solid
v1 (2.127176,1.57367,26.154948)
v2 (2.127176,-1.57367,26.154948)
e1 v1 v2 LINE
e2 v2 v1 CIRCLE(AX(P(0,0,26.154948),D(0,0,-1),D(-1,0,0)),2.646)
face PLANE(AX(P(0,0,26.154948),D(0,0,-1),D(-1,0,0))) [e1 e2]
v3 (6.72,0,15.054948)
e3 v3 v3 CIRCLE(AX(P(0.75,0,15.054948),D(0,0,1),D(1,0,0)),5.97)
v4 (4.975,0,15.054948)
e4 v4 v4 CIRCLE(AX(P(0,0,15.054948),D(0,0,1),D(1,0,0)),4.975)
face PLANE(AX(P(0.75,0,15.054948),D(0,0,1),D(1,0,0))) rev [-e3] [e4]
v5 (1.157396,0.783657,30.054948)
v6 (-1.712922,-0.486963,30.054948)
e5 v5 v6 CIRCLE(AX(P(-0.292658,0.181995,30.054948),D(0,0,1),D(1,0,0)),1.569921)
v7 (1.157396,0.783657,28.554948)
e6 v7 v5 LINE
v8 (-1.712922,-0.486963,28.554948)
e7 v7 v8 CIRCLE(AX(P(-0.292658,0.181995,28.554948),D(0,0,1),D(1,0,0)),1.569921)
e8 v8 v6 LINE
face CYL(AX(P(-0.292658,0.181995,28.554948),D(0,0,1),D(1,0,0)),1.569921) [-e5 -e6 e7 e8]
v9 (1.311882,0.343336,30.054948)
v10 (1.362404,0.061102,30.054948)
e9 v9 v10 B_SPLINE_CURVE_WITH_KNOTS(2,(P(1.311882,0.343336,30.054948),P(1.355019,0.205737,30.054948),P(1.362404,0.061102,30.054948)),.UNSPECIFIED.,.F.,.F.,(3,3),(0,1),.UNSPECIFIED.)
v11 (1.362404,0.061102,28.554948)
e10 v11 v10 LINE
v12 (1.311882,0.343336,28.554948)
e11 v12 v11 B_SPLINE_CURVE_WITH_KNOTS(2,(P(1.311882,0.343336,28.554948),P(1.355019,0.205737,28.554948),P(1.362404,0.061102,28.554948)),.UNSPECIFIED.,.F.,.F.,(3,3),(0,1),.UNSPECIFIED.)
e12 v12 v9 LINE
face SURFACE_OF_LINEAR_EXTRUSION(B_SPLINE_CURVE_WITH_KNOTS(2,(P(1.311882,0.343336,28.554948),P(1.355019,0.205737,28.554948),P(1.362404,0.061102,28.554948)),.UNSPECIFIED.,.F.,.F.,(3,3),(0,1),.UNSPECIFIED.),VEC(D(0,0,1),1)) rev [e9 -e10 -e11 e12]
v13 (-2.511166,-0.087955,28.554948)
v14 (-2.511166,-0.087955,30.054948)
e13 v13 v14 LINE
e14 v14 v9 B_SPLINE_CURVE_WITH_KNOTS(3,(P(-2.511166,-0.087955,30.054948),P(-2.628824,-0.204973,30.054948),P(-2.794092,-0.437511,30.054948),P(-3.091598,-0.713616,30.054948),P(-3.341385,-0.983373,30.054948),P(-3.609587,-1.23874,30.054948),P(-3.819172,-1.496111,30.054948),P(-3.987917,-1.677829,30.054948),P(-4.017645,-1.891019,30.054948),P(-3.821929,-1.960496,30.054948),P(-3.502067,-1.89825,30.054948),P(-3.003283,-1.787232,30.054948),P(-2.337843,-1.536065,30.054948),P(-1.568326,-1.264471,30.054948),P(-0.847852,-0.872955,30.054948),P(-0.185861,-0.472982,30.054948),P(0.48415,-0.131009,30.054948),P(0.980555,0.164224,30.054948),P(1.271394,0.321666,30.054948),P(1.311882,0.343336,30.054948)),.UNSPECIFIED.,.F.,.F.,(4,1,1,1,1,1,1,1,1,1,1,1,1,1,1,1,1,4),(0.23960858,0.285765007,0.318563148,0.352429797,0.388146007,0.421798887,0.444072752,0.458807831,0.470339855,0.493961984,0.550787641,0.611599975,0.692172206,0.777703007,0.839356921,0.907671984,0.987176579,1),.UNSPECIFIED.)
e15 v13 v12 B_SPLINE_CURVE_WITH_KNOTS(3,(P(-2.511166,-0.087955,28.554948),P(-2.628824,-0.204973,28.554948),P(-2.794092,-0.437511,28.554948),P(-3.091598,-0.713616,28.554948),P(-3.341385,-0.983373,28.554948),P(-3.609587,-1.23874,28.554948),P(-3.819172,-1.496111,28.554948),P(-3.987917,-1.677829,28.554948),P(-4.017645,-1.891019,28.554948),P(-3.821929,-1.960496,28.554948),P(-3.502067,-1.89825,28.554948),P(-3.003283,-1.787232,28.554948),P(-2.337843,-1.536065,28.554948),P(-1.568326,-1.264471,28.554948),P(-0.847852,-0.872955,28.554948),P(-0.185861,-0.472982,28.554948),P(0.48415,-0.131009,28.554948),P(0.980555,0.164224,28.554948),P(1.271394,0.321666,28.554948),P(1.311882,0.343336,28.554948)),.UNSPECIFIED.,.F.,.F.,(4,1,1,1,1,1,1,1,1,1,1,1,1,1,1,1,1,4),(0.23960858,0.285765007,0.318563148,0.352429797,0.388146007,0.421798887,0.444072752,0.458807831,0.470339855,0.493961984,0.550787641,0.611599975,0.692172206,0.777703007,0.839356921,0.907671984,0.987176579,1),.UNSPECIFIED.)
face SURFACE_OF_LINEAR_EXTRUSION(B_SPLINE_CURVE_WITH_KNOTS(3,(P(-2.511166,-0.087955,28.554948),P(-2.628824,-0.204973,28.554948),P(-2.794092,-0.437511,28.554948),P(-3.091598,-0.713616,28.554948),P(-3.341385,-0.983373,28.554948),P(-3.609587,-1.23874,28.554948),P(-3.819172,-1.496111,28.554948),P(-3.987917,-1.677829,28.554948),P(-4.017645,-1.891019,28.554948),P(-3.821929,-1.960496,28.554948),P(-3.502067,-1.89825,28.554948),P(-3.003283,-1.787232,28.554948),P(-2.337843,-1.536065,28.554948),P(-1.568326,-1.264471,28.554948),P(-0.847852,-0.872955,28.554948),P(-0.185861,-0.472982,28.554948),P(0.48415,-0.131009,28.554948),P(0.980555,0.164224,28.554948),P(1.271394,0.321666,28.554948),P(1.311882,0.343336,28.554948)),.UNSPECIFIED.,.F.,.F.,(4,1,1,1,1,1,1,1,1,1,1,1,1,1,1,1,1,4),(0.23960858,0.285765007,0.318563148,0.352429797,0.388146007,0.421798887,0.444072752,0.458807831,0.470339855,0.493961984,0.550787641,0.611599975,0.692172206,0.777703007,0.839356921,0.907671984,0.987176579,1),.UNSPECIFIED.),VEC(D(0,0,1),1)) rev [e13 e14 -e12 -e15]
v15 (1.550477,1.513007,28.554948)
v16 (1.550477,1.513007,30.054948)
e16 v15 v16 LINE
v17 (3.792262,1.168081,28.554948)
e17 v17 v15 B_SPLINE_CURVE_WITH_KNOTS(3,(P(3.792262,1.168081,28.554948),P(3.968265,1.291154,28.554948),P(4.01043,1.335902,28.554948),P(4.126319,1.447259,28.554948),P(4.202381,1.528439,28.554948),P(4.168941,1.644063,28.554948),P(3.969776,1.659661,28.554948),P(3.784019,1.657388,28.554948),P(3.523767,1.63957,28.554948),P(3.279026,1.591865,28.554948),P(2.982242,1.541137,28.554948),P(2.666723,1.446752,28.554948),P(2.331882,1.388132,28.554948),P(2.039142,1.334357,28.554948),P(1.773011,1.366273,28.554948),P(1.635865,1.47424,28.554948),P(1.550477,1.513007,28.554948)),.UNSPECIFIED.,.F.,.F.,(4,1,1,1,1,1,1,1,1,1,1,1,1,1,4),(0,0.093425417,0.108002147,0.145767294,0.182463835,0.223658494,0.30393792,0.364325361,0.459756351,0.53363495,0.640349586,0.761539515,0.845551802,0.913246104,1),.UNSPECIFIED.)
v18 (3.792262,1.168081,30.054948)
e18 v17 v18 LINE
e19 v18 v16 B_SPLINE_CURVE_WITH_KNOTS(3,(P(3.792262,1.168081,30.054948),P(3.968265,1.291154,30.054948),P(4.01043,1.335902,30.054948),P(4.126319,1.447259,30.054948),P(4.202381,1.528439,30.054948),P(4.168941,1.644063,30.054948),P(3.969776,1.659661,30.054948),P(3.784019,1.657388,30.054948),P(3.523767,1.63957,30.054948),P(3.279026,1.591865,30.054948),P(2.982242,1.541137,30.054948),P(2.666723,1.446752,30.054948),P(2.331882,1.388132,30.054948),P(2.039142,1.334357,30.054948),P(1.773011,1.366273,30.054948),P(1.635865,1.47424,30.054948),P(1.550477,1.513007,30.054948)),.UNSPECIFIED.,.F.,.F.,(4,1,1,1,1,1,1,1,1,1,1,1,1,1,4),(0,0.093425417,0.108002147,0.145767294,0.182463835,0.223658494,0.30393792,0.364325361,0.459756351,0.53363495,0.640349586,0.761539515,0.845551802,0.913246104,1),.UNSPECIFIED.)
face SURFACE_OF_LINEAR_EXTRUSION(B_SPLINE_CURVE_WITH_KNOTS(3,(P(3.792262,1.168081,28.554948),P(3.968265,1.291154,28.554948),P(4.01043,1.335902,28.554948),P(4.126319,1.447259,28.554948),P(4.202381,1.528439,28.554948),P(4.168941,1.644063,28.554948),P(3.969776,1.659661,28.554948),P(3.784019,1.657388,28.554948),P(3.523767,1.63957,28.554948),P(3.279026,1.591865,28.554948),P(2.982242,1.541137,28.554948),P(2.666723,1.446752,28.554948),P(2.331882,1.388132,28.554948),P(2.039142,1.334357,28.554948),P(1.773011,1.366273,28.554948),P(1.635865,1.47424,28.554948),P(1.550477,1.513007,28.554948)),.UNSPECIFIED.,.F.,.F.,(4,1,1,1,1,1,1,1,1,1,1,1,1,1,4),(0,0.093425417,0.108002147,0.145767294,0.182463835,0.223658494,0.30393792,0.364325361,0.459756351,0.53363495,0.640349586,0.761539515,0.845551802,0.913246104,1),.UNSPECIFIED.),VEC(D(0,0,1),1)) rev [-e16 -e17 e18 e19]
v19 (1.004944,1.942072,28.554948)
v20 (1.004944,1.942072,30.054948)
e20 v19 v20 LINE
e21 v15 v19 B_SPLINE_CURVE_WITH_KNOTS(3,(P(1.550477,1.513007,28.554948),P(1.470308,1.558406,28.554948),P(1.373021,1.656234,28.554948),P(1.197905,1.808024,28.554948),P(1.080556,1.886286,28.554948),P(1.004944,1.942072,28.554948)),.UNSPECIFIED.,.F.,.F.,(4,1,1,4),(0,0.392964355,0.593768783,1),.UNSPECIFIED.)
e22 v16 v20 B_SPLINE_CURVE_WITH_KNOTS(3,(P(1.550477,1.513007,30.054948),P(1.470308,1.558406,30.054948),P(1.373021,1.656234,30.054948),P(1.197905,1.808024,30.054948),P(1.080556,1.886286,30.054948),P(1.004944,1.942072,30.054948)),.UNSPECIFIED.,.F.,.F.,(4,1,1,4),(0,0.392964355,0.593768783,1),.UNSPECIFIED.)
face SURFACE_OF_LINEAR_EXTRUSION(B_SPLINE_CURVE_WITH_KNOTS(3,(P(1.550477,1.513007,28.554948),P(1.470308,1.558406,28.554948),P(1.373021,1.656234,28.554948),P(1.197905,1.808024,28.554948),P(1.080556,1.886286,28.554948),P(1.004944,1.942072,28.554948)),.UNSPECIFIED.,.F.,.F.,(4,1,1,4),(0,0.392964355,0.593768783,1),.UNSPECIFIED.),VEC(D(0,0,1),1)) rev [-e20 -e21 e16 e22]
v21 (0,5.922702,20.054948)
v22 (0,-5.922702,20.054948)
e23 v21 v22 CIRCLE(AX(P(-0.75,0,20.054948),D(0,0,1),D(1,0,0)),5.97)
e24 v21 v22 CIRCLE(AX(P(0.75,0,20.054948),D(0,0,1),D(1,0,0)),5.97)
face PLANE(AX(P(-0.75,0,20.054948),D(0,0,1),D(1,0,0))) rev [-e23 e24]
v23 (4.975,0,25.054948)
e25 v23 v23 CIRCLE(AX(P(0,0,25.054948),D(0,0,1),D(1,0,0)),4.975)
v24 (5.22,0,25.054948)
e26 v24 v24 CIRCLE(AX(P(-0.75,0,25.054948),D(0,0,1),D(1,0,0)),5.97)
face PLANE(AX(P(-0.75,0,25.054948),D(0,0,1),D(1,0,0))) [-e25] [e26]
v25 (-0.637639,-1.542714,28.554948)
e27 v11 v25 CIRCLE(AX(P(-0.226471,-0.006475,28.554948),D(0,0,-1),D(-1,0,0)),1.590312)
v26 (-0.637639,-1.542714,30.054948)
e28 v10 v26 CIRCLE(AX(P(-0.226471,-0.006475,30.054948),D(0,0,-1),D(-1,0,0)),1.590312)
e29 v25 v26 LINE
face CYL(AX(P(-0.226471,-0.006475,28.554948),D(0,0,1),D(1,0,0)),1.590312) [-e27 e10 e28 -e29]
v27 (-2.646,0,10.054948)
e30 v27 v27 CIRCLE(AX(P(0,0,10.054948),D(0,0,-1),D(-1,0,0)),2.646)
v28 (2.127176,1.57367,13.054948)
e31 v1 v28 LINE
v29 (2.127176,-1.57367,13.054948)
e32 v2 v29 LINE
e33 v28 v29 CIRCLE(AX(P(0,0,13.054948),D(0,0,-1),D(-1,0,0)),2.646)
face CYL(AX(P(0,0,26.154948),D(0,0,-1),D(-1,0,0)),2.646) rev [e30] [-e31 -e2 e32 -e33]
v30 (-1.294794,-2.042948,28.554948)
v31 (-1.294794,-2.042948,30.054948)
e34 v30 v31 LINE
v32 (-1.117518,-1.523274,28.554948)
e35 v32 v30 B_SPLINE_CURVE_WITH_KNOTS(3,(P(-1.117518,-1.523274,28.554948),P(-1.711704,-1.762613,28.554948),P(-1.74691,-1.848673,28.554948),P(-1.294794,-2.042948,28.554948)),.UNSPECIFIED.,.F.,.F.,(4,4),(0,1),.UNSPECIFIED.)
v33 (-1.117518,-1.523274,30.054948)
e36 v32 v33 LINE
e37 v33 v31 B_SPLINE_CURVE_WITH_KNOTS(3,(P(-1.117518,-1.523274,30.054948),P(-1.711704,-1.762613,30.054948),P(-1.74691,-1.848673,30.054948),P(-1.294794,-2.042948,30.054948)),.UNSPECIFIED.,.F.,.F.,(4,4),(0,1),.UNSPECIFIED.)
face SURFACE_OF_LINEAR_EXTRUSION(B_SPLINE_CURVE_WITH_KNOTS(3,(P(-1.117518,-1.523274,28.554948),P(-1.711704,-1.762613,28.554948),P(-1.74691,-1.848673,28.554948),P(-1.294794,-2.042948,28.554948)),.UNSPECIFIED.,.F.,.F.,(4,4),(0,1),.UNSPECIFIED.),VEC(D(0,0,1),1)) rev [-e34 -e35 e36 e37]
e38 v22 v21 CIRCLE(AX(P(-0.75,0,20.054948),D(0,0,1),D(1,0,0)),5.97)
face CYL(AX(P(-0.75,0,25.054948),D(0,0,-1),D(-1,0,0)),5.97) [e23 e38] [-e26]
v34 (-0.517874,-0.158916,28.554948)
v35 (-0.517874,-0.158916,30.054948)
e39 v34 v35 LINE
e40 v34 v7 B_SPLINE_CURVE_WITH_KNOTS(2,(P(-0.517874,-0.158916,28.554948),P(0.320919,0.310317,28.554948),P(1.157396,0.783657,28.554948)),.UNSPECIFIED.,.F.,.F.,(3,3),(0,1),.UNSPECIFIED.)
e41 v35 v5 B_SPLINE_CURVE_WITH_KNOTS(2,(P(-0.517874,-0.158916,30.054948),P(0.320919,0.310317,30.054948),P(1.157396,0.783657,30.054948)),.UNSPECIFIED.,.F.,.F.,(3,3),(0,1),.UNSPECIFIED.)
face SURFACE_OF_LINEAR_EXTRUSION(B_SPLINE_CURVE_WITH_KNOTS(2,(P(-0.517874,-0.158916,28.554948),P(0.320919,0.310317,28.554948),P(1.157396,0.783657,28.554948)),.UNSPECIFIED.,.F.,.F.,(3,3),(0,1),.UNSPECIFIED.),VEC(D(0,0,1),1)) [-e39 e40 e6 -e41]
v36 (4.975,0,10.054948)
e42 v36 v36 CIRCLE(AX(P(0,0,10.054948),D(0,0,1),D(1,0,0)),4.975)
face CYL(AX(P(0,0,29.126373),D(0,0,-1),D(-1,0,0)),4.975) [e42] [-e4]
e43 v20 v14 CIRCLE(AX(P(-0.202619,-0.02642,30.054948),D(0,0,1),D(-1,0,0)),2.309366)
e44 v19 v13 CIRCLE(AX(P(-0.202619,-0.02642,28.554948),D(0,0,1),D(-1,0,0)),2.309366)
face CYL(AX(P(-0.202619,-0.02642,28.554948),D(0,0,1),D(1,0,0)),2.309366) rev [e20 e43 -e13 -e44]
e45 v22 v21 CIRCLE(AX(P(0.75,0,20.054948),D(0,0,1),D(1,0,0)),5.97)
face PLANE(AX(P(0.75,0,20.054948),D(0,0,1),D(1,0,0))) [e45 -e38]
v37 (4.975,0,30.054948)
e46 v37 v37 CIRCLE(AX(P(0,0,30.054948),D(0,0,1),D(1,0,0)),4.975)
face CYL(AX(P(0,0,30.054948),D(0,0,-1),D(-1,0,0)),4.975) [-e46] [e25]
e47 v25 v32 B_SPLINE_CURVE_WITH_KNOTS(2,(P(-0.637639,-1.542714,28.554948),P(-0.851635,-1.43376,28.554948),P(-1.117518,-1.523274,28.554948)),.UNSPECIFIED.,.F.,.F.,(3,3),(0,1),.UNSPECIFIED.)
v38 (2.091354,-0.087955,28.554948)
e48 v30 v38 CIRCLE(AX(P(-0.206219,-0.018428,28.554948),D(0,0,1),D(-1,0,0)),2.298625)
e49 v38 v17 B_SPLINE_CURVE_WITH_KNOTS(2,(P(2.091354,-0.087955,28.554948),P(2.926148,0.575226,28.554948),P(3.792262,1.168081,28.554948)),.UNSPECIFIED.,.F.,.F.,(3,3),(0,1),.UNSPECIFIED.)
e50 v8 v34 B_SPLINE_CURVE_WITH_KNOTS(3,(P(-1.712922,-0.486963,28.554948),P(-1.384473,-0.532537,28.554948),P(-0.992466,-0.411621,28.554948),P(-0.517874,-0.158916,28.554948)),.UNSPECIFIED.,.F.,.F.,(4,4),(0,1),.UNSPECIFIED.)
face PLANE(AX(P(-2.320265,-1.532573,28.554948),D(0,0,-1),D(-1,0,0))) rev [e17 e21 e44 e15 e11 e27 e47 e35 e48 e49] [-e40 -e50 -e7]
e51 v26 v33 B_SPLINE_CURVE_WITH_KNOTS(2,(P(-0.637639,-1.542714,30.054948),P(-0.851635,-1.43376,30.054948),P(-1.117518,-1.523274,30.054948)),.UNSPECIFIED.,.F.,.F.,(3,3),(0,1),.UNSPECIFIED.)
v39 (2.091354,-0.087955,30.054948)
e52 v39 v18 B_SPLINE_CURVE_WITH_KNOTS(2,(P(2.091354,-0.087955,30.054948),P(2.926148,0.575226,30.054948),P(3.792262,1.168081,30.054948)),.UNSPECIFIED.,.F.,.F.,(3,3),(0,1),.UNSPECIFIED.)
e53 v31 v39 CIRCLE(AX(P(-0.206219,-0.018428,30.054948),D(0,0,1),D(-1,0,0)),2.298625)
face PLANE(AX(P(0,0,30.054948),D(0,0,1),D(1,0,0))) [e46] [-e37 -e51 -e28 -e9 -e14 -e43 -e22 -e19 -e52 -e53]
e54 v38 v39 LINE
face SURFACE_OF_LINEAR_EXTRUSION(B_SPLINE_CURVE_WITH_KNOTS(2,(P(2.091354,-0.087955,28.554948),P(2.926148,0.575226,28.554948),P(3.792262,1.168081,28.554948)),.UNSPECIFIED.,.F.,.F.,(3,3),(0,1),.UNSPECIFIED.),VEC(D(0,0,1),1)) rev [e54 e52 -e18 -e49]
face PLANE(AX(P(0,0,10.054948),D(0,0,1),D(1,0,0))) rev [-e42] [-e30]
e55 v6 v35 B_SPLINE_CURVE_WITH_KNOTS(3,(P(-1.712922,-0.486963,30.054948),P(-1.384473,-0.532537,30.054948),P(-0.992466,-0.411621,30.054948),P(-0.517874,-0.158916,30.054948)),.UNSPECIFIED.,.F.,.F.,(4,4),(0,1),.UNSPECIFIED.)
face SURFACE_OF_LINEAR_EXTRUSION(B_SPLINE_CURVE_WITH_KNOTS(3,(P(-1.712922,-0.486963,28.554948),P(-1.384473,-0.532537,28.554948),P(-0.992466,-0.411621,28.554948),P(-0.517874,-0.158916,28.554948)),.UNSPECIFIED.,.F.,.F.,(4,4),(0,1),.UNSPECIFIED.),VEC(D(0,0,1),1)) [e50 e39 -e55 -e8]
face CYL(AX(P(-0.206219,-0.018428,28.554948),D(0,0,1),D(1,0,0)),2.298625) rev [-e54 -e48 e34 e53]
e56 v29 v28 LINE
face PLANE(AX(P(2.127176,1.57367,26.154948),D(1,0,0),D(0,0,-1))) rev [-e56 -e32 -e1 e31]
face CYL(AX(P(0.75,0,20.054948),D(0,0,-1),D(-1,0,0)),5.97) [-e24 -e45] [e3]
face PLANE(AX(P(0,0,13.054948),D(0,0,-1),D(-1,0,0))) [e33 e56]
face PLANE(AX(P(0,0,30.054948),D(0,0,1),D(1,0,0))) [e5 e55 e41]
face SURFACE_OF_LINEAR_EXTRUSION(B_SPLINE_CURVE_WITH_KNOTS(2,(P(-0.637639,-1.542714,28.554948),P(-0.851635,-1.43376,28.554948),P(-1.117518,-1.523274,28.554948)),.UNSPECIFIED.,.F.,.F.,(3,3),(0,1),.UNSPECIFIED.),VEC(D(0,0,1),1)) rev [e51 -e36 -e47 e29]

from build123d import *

# Parameters (mm, degrees)
SKETCH2_R           = 4.975
BOSS_EXTRUDE1_DEPTH = 5
SKETCH3_R           = 5.97
BOSS_EXTRUDE2_DEPTH = 5
SKETCH5_R           = 5.97
BOSS_EXTRUDE3_DEPTH = 5
SKETCH6_R           = 4.975
BOSS_EXTRUDE4_DEPTH = 5
SKETCH8_R           = 2.698107805
BOSS_EXTRUDE5_DEPTH = 4.6
CUT_EXTRUDE3_DEPTH  = 16.1
SKETCH12_R          = 2.646
CUT_EXTRUDE4_DEPTH  = 3
CUT_EXTRUDE5_DEPTH  = 1.5


with BuildPart() as part:
    # Sketch2 → Boss-Extrude1 (new body)
    with BuildSketch(Plane.XY.offset(10.054948089)):
        Circle(SKETCH2_R)
        with BuildLine():
            Line((2, 1.5), (2, -1.5))
            ThreePointArc((2, -1.5), (-2.5, 0), (2, 1.5))
        make_face(mode=Mode.SUBTRACT)
    extrude(amount=BOSS_EXTRUDE1_DEPTH)

    # Sketch3 → Boss-Extrude2 (add)
    with BuildSketch(Plane.XY.offset(15.054948089)):
        with Locations((0.75, 0)):
            Circle(SKETCH3_R)
        with BuildLine():
            Line((2, 1.5), (2, -1.5))
            ThreePointArc((2, -1.5), (-2.5, -1e-09), (2, 1.5))
        make_face(mode=Mode.SUBTRACT)
    extrude(amount=BOSS_EXTRUDE2_DEPTH)

    # Sketch5 → Boss-Extrude3 (add)
    with BuildSketch(Plane.XY.offset(20.054948089)):
        with Locations(Location((-0.75, 0, 0), (0, 0, 277.217031551))):
            Circle(SKETCH5_R)
        with BuildLine():
            Line((2, 1.5), (2, -1.5))
            ThreePointArc((2, -1.5), (-2.5, 0), (2, 1.5))
        make_face(mode=Mode.SUBTRACT)
    extrude(amount=BOSS_EXTRUDE3_DEPTH)

    # Sketch6 → Boss-Extrude4 (add)
    with BuildSketch(Plane.XY.offset(25.054948089)):
        Circle(SKETCH6_R)
        with BuildLine():
            Line((2, 1.5), (2, -1.5))
            ThreePointArc((2, -1.5), (-2.5, 0), (2, 1.5))
        make_face(mode=Mode.SUBTRACT)
    extrude(amount=BOSS_EXTRUDE4_DEPTH)

    # Sketch8 → Boss-Extrude5 (add)
    with BuildSketch(Plane.XY.offset(25.454948089)):
        Circle(SKETCH8_R)
    extrude(amount=BOSS_EXTRUDE5_DEPTH)

    # Sketch10 → Cut-Extrude3 (cut)
    with BuildSketch(Plane(origin=(0, 0, 10.054948089), x_dir=(-1, 0, 0), z_dir=(0, 0, -1))):
        with BuildLine():
            Line((-2.127176471, 1.57366968), (-2.127176471, -1.57366968))
            ThreePointArc((-2.127176471, -1.57366968), (2.646, 0), (-2.127176471, 1.57366968))
        make_face()
    extrude(amount=-CUT_EXTRUDE3_DEPTH, mode=Mode.SUBTRACT)

    # Sketch12 → Cut-Extrude4 (cut)
    with BuildSketch(Plane(origin=(0, 0, 10.054948089), x_dir=(-1, 0, 0), z_dir=(0, 0, -1))):
        Circle(SKETCH12_R)
    extrude(amount=-CUT_EXTRUDE4_DEPTH, mode=Mode.SUBTRACT)

    # Sketch13 → Cut-Extrude5 (cut)
    with BuildSketch(Plane.XY.offset(30.054948089)):
        with BuildLine():
            ThreePointArc((-2.51116552, -0.087954636), (-1.357302284, 1.973549468), (1.004944259, 1.942072291))
            add(Edge.make_bspline(
                [(1.004944259, 1.942072291), (1.080556299, 1.886286139), (1.19790515, 1.808024326), (1.373021318, 1.656234404), (1.47030803, 1.558406007), (1.550477263, 1.513006562)],
                knots=[0, 0, 0, 0, 0.406231217, 0.607035645, 1, 1, 1, 1], degree=3))
            add(Edge.make_bspline(
                [(1.550477263, 1.513006562), (1.635864774, 1.474239987), (1.773010843, 1.366273459), (2.039141531, 1.334356693), (2.331882187, 1.388131663), (2.66672311, 1.446751803), (2.982241637, 1.541137483), (3.279025568, 1.591865164), (3.523767348, 1.639570409), (3.784019221, 1.657387797), (3.969776334, 1.659661053), (4.168941475, 1.644062658), (4.202381272, 1.52843867), (4.126318671, 1.44725911), (4.010429706, 1.335902318), (3.968265182, 1.291154175), (3.792262006, 1.168081192)],
                knots=[0, 0, 0, 0, 0.086753896, 0.154448198, 0.238460485, 0.359650414, 0.46636505, 0.540243649, 0.635674639, 0.69606208, 0.776341506, 0.817536165, 0.854232706, 0.891997853, 0.906574583, 1, 1, 1, 1], degree=3))
            add(Edge.make_bspline(
                [(2.091354428, -0.087954636), (2.926147793, 0.575225687), (3.792262006, 1.168081192)],
                knots=[0, 0, 0, 1, 1, 1], degree=2))
            ThreePointArc((2.091354428, -0.087954636), (0.943093758, -2.009095653), (-1.294793502, -2.042948055))
            add(Edge.make_bspline(
                [(-1.294793502, -2.042948055), (-1.746909796, -1.848672711), (-1.711703775, -1.762613123), (-1.117517562, -1.523273653)],
                knots=[0, 0, 0, 0, 1, 1, 1, 1], degree=3))
            add(Edge.make_bspline(
                [(-1.117517562, -1.523273653), (-0.851635042, -1.433760086), (-0.637638887, -1.542714277)],
                knots=[0, 0, 0, 1, 1, 1], degree=2))
            ThreePointArc((-0.637638887, -1.542714277), (0.768418454, -1.247154446), (1.362404266, 0.061101538))
            add(Edge.make_bspline(
                [(1.362404266, 0.061101538), (1.355019388, 0.205736583), (1.311882289, 0.343336372)],
                knots=[0, 0, 0, 1, 1, 1], degree=2))
            add(Edge.make_bspline(
                [(1.311882289, 0.343336372), (1.271394274, 0.321666217), (0.98055525, 0.164223835), (0.484149511, -0.131008667), (-0.185861153, -0.47298164), (-0.847852238, -0.872955403), (-1.568325935, -1.264471006), (-2.337842685, -1.536065016), (-3.003283347, -1.787232277), (-3.502067412, -1.898250422), (-3.821928849, -1.960496005), (-4.017644788, -1.891018555), (-3.987917105, -1.67782918), (-3.819171551, -1.496110904), (-3.60958725, -1.238739607), (-3.341385255, -0.983372917), (-3.09159848, -0.713615899), (-2.794092314, -0.437511254), (-2.628823727, -0.204972872), (-2.51116552, -0.087954636)],
                knots=[0.23960858, 0.23960858, 0.23960858, 0.23960858, 0.252432001, 0.331936596, 0.400251659, 0.461905574, 0.547436375, 0.628008605, 0.68882094, 0.745646596, 0.769268725, 0.780800749, 0.795535828, 0.817809693, 0.851462573, 0.887178783, 0.921045432, 0.953843573, 1, 1, 1, 1], degree=3))
        make_face()
        with BuildLine():
            ThreePointArc((1.157395644, 0.783657031), (-0.928142572, 1.617548229), (-1.712921676, -0.486962626))
            add(Edge.make_bspline(
                [(-1.712921676, -0.486962626), (-1.384473336, -0.532536822), (-0.992466447, -0.411621309), (-0.517874245, -0.15891637)],
                knots=[0, 0, 0, 0, 1, 1, 1, 1], degree=3))
            add(Edge.make_bspline(
                [(-0.517874245, -0.15891637), (0.320919337, 0.310316941), (1.157395644, 0.783657031)],
                knots=[0, 0, 0, 1, 1, 1], degree=2))
        make_face(mode=Mode.SUBTRACT)
    extrude(amount=-CUT_EXTRUDE5_DEPTH, mode=Mode.SUBTRACT)


solid = part.part
